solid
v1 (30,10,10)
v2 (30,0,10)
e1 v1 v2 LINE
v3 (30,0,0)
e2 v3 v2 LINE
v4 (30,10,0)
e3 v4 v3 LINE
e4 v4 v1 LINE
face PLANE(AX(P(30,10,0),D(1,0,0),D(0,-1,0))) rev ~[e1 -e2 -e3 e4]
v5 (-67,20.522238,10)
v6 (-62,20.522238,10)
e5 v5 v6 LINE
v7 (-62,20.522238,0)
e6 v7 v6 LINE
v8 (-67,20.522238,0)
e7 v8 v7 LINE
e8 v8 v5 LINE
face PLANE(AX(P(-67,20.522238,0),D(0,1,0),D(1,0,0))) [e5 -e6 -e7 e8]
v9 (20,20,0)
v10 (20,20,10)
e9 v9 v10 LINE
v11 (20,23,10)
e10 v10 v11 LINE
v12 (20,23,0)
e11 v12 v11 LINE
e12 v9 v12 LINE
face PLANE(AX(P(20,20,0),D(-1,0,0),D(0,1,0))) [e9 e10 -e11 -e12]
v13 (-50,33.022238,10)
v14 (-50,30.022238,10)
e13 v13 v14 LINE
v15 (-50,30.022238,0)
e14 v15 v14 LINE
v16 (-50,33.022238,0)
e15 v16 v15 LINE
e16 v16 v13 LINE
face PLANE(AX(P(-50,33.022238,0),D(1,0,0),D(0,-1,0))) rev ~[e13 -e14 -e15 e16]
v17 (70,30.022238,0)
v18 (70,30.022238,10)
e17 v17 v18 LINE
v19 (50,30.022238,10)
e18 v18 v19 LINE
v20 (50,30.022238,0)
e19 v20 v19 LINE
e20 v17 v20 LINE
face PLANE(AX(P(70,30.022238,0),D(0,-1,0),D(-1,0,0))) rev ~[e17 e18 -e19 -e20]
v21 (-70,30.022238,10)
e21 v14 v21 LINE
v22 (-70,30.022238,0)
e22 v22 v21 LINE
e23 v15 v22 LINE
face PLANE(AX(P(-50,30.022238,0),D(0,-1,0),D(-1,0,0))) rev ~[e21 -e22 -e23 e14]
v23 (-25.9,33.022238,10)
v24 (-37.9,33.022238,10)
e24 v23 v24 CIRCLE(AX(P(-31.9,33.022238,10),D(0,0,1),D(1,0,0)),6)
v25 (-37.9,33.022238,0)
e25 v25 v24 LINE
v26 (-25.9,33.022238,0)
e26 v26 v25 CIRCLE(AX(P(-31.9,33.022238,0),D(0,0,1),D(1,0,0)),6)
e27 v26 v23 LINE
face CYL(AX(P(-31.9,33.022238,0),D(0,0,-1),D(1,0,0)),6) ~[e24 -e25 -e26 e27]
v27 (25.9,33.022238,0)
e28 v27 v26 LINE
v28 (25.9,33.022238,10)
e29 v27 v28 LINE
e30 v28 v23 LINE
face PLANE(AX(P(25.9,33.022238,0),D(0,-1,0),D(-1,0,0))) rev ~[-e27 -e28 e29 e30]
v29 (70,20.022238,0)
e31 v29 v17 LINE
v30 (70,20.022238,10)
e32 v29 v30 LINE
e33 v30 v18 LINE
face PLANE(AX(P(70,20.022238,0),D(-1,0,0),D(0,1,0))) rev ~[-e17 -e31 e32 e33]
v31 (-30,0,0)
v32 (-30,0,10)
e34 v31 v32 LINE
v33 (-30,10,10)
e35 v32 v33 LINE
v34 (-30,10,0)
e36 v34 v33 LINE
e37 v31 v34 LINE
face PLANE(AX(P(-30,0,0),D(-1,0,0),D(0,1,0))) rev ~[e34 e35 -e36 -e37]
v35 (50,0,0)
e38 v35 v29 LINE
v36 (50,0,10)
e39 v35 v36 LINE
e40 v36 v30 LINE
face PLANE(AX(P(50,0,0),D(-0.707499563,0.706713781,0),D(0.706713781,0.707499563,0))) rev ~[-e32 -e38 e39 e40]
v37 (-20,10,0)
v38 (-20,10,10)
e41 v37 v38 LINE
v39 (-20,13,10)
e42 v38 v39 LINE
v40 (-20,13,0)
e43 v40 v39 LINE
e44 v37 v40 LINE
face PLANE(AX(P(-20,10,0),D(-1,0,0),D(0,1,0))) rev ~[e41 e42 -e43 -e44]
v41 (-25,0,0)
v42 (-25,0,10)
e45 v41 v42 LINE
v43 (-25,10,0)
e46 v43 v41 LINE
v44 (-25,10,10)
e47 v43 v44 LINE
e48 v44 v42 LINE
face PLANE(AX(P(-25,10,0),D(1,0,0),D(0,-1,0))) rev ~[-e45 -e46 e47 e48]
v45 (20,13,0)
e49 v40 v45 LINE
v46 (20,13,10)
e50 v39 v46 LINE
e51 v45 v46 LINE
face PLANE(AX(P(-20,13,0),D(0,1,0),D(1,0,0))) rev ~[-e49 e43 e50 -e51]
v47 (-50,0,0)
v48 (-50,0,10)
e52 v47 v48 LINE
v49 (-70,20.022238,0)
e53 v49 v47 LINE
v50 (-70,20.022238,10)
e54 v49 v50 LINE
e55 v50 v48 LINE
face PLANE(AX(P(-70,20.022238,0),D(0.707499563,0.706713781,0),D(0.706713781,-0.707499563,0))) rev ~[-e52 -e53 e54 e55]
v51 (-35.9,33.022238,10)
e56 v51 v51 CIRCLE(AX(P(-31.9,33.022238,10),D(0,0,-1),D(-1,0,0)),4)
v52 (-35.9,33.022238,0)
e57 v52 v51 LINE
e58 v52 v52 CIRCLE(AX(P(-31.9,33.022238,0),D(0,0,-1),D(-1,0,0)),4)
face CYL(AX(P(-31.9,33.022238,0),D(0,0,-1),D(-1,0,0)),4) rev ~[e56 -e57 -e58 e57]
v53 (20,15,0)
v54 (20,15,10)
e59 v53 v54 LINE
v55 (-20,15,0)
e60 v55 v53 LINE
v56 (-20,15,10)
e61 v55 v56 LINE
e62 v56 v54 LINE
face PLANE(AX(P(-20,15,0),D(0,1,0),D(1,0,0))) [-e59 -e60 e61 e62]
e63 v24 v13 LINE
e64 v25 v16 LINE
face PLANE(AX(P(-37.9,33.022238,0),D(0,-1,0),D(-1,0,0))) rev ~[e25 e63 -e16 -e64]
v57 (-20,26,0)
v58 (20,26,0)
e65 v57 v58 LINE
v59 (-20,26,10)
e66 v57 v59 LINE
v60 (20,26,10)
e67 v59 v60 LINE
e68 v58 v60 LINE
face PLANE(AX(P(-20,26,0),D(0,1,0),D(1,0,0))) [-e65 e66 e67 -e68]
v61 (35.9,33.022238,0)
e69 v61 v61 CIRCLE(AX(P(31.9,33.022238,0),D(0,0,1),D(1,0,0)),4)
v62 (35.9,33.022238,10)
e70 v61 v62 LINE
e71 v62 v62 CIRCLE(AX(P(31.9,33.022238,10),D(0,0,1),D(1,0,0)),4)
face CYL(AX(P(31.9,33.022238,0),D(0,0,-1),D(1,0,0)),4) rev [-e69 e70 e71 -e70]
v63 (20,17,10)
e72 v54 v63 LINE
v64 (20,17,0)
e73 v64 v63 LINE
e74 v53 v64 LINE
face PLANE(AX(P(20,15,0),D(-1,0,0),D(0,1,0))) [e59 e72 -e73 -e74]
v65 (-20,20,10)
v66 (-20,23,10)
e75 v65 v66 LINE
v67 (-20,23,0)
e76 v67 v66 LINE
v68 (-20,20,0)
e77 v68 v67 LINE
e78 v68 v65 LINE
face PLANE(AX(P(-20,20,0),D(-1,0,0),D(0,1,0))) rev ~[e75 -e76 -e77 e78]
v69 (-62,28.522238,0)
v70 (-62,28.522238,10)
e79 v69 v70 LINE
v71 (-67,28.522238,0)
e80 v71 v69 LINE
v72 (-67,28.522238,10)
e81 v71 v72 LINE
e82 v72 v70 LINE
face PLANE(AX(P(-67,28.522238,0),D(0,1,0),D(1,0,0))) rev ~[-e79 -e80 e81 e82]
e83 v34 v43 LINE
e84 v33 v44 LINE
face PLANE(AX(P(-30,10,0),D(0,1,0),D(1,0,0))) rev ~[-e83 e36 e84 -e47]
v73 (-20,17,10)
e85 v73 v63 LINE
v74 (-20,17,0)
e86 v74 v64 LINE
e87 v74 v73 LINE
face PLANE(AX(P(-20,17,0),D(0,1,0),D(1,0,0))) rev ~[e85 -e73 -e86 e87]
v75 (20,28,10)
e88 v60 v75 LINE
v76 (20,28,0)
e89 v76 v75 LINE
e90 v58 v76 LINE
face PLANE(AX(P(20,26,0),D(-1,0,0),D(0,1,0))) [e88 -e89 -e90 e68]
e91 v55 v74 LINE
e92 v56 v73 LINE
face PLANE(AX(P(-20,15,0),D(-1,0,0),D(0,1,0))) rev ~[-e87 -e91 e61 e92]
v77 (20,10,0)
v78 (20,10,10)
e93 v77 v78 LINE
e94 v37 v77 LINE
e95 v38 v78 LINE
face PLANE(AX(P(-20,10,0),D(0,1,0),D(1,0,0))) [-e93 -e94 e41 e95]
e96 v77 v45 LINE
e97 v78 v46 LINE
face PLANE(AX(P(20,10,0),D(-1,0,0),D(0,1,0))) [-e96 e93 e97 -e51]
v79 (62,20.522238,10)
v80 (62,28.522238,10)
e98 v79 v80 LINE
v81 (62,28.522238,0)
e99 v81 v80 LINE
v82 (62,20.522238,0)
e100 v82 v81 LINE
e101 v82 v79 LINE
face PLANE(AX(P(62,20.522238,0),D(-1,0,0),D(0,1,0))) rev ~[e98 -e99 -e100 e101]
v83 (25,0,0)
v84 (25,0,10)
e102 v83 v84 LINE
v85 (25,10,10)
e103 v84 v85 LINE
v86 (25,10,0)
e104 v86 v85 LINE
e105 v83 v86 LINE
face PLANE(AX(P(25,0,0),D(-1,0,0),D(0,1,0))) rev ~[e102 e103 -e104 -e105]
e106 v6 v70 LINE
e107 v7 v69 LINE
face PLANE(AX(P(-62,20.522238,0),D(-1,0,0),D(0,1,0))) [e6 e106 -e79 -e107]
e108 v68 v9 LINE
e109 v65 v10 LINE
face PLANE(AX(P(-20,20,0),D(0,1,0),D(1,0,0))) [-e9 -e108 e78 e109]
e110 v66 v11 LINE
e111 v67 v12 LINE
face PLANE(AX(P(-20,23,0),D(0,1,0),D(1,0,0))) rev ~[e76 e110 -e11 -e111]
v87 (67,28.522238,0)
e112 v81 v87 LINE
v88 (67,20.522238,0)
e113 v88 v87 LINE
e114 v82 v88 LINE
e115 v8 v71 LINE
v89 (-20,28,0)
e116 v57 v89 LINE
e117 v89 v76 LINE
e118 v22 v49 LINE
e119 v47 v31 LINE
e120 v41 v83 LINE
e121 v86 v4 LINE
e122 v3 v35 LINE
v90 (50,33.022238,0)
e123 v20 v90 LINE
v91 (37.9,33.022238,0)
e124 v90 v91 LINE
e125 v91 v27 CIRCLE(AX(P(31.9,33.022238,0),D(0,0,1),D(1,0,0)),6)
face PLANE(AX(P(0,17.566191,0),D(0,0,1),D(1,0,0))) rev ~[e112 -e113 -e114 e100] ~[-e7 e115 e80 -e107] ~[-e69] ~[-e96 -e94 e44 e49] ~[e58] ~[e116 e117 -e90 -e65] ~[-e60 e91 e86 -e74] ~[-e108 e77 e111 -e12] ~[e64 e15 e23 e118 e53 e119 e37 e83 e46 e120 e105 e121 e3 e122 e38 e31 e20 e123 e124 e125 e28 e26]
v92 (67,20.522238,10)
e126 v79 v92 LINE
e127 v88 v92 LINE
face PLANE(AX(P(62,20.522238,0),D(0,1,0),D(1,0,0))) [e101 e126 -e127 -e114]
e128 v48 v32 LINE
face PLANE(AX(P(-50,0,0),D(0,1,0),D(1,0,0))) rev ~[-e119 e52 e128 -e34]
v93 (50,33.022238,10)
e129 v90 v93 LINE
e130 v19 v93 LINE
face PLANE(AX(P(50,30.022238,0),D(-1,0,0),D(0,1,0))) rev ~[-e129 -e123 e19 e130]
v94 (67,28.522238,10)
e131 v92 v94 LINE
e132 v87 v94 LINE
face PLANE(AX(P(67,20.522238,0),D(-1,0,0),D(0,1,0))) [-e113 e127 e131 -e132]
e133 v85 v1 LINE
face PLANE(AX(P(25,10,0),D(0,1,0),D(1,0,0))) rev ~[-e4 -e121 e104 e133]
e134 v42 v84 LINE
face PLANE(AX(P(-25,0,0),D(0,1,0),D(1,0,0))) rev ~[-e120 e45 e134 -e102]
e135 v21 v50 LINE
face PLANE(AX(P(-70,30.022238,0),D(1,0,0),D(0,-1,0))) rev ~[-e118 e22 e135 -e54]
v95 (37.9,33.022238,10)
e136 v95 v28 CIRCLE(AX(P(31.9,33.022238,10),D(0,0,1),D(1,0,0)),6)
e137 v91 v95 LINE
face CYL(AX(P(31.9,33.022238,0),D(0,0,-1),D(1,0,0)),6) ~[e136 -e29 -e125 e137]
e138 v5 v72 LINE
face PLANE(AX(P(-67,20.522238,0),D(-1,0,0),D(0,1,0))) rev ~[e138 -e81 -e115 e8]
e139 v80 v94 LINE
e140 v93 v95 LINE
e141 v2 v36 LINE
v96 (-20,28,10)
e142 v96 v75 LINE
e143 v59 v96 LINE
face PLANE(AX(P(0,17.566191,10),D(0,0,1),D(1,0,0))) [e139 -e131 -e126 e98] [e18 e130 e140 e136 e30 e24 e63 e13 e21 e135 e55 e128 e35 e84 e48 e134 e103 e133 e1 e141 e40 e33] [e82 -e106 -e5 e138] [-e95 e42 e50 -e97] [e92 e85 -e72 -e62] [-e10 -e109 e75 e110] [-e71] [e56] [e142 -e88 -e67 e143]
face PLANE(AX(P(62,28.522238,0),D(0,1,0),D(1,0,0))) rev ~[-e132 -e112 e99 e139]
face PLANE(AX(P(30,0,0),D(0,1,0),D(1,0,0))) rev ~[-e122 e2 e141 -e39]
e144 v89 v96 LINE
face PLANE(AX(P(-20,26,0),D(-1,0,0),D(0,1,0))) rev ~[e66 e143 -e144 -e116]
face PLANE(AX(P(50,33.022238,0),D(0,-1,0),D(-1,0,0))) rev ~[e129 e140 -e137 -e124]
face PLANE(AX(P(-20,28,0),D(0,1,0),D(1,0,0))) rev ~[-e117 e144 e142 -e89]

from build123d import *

# Parameters (mm, degrees)
CROQUIS1_W              = 40
CROQUIS1_H              = 3
CROQUIS1_H_2            = 2
CROQUIS1_W_2            = 5
CROQUIS1_H_3            = 8
CROQUIS1_R              = 4
SALIENTE_EXTRUIR1_DEPTH = 10


with BuildPart() as part:
    # Croquis1 → Saliente-Extruir1 (new body)
    with BuildSketch(Plane.XY):
        with BuildLine():
            Line((-25, 10), (-25, 0))
            Line((-25, 0), (25, 0))
            Line((25, 0), (25, 10))
            Line((25, 10), (30, 10))
            Line((30, 10), (30, 0))
            Line((30, 0), (50, 0))
            Line((50, 0), (70, 20.022237637))
            Line((70, 20.022237637), (70, 30.022237637))
            Line((70, 30.022237637), (50, 30.022237637))
            Line((50, 30.022237637), (50, 33.022237637))
            Line((50, 33.022237637), (37.9, 33.022237637))
            ThreePointArc((37.9, 33.022237637), (31.9, 39.022237637), (25.9, 33.022237637))
            Line((25.9, 33.022237637), (-25.9, 33.022237637))
            ThreePointArc((-25.9, 33.022237637), (-31.9, 39.022237637), (-37.9, 33.022237637))
            Line((-37.9, 33.022237637), (-50, 33.022237637))
            Line((-50, 33.022237637), (-50, 30.022237637))
            Line((-50, 30.022237637), (-70, 30.022237637))
            Line((-70, 30.022237637), (-70, 20.022237637))
            Line((-70, 20.022237637), (-50, 0))
            Line((-50, 0), (-30, 0))
            Line((-30, 0), (-30, 10))
            Line((-30, 10), (-25, 10))
        make_face()
        with Locations((0, 11.5)):
            Rectangle(CROQUIS1_W, CROQUIS1_H, mode=Mode.SUBTRACT)
        with Locations((0, 16)):
            Rectangle(CROQUIS1_W, CROQUIS1_H_2, mode=Mode.SUBTRACT)
        with Locations((-64.5, 24.522237637)):
            Rectangle(CROQUIS1_W_2, CROQUIS1_H_3, mode=Mode.SUBTRACT)
        with BuildLine():
            ThreePointArc((-27.9, 33.022237637), (-31.9, 29.022237637), (-35.9, 33.022237637))
            ThreePointArc((-35.9, 33.022237637), (-31.9, 37.022237637), (-27.9, 33.022237637))
        make_face(mode=Mode.SUBTRACT)
        with Locations((0, 21.5)):
            Rectangle(CROQUIS1_W, CROQUIS1_H, mode=Mode.SUBTRACT)
        with Locations((0, 27)):
            Rectangle(CROQUIS1_W, CROQUIS1_H_2, mode=Mode.SUBTRACT)
        with Locations((64.5, 24.522237637)):
            Rectangle(CROQUIS1_W_2, CROQUIS1_H_3, mode=Mode.SUBTRACT)
        with Locations((31.9, 33.022237637)):
            Circle(CROQUIS1_R, mode=Mode.SUBTRACT)
    extrude(amount=SALIENTE_EXTRUIR1_DEPTH)


solid = part.part
